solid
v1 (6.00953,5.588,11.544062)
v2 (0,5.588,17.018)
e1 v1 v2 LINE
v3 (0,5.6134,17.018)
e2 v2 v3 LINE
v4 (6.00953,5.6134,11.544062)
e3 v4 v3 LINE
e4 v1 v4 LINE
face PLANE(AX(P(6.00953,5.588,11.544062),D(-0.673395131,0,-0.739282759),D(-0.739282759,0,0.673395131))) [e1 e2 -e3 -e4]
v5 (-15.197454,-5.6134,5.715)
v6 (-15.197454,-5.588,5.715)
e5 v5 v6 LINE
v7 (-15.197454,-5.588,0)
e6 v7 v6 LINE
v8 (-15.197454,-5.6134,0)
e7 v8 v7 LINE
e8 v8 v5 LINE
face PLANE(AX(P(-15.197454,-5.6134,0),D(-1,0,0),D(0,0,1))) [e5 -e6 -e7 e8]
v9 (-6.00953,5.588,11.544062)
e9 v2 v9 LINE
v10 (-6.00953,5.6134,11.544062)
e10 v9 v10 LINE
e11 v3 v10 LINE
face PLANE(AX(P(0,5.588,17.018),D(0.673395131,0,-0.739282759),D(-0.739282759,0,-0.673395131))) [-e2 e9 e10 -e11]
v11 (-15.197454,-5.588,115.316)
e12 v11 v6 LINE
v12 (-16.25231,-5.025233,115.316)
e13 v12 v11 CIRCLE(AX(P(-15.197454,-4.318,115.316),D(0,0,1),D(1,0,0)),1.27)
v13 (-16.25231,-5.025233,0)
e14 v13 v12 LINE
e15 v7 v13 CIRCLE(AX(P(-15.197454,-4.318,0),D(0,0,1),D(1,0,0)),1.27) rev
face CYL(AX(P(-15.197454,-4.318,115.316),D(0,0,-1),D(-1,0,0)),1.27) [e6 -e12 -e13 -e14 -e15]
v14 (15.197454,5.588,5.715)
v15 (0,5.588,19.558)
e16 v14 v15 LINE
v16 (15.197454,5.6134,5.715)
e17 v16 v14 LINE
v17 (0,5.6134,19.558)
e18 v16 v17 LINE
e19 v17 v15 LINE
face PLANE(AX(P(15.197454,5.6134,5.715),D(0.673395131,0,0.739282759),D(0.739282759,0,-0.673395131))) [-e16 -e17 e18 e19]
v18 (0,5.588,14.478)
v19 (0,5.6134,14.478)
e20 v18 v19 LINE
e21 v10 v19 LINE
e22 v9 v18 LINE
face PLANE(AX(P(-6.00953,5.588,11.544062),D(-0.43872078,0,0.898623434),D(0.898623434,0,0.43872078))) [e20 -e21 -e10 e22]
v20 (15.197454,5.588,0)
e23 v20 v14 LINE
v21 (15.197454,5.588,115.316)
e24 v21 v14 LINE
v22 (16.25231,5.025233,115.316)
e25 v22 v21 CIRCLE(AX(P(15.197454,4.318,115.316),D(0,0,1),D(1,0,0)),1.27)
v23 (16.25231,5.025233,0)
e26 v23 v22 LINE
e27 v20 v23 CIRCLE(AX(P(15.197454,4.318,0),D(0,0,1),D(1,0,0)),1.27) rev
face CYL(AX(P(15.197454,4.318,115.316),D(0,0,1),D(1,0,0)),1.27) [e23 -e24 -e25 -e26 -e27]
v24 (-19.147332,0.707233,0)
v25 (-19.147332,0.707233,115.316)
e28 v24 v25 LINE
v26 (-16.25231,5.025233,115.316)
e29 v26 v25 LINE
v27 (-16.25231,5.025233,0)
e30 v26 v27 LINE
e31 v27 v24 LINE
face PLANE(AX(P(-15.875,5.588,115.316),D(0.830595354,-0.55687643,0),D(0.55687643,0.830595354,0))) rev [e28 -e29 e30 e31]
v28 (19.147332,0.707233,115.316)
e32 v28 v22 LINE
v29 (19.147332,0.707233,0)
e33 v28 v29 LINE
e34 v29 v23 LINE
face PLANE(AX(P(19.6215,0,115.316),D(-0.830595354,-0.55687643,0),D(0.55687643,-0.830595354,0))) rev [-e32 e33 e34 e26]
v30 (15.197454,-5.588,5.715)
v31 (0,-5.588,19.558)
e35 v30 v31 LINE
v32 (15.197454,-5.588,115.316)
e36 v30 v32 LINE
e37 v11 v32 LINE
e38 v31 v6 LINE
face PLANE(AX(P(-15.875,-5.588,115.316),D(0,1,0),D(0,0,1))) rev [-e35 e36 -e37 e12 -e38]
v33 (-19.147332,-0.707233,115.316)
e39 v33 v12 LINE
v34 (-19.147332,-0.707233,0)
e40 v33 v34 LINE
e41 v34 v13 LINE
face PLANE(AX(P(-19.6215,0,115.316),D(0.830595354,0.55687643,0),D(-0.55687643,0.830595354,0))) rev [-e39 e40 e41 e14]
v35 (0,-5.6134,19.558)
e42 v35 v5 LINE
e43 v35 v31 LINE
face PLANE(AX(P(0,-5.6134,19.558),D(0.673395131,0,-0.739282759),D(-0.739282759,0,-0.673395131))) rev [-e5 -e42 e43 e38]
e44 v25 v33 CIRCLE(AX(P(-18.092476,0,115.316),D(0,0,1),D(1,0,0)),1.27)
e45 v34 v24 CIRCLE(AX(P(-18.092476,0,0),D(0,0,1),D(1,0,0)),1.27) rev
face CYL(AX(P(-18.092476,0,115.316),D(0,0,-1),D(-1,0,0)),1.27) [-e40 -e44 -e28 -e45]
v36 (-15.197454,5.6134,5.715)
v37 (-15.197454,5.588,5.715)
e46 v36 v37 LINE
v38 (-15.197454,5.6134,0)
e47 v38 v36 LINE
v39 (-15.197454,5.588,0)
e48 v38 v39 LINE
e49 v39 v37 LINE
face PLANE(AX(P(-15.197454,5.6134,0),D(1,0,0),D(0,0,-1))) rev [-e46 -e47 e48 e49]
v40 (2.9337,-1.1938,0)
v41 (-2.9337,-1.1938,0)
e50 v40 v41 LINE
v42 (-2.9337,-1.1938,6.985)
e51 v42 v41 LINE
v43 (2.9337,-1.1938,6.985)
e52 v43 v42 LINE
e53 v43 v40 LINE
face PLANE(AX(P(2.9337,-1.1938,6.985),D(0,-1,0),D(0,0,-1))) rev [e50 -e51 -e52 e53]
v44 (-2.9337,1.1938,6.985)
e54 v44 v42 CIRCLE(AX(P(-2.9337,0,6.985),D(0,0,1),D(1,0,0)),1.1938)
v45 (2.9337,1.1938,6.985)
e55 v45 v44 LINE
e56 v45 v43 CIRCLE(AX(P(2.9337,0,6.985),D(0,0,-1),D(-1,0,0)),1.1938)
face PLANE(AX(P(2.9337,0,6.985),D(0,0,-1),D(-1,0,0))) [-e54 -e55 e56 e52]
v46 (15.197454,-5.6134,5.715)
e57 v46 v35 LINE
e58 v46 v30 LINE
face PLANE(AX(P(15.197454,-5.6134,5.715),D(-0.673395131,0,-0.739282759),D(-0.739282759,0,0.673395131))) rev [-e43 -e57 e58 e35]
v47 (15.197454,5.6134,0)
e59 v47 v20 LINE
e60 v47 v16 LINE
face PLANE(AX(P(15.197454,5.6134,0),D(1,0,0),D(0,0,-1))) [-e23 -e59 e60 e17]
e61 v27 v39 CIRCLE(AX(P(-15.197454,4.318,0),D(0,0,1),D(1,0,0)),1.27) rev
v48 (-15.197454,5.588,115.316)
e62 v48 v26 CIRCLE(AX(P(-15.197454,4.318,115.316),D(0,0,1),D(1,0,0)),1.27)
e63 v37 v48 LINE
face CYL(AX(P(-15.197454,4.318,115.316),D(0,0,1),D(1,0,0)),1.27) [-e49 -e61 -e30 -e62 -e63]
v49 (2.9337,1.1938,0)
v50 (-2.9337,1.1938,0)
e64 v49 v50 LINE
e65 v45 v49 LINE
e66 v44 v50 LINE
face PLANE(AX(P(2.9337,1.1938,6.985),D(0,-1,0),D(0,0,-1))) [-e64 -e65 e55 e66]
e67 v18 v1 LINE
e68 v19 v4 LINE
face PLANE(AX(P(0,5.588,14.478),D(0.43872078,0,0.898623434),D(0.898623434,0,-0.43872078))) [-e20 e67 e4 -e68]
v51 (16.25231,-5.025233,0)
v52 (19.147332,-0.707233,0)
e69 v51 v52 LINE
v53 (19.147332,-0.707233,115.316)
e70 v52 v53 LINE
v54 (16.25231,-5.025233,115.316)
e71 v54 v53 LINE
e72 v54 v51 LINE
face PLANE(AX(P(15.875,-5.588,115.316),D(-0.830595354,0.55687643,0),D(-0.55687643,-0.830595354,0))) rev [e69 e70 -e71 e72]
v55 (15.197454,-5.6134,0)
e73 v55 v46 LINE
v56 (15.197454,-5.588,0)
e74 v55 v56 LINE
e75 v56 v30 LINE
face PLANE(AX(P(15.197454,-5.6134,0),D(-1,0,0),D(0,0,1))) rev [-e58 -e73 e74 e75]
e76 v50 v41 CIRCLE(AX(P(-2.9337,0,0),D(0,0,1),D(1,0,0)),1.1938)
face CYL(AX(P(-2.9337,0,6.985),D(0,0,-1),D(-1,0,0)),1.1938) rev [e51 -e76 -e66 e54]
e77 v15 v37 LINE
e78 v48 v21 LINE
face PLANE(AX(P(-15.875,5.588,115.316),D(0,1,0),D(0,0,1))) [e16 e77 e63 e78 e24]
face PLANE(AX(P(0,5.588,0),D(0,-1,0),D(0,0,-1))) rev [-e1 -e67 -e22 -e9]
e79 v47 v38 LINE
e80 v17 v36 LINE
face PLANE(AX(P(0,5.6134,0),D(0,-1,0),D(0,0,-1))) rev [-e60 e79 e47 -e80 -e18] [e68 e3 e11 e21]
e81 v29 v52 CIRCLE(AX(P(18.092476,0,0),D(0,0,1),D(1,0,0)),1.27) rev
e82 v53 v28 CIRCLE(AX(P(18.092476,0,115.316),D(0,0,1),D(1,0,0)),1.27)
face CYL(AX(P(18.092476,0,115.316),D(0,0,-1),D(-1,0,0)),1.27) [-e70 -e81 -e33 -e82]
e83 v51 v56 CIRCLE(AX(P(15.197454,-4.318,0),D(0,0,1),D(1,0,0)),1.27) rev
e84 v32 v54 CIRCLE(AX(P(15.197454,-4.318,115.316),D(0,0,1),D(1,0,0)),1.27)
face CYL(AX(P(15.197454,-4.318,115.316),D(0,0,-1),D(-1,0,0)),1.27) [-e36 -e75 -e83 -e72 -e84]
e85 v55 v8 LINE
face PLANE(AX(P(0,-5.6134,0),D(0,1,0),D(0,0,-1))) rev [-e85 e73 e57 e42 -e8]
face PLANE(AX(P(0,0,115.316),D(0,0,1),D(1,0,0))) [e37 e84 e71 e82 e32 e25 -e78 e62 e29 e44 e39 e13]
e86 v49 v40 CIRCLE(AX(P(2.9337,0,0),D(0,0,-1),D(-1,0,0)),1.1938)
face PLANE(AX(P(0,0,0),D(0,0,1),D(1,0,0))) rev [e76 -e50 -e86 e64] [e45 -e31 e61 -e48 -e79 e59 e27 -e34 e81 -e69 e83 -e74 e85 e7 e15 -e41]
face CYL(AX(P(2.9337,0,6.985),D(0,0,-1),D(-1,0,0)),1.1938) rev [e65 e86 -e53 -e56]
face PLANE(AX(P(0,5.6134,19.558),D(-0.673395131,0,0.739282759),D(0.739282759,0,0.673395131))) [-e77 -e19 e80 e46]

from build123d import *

# Parameters (mm, degrees)
BOSS_EXTRUDE1_DEPTH = 115.316
SKETCH2_R           = 1.1938
CUT_EXTRUDE1_DEPTH  = 6.985
SKETCH2_4_R         = 1.1938
CUT_EXTRUDE2_DEPTH  = 6.985
SKETCH2_5_W         = 5.8674
SKETCH2_5_H         = 2.3876
CUT_EXTRUDE3_DEPTH  = 6.985
FILLET1_R           = 1.27
BOSS_EXTRUDE2_DEPTH = 0.0254
CUT_EXTRUDE5_DEPTH  = 0.0254


with BuildPart() as part:
    # Sketch1 → Boss-Extrude1 (new body)
    with BuildSketch(Plane.XY):
        Polygon((-15.875, -5.588), (15.875, -5.588), (19.6215, 0), (15.875, 5.588), (-15.875, 5.588), (-19.6215, 0), align=None)
    extrude(amount=BOSS_EXTRUDE1_DEPTH)

    # Sketch2 → Cut-Extrude1 (cut)
    with BuildSketch(Plane(origin=(0, 0, 0), x_dir=(-1, 0, 0), z_dir=(0, 0, -1))):
        with Locations((-2.9337, 0)):
            Circle(SKETCH2_R)
    extrude(amount=-CUT_EXTRUDE1_DEPTH, mode=Mode.SUBTRACT)

    # Sketch2<4> → Cut-Extrude2 (cut)
    with BuildSketch(Plane(origin=(0, 0, 0), x_dir=(-1, 0, 0), z_dir=(0, 0, -1))):
        with Locations((2.9337, 0)):
            Circle(SKETCH2_4_R)
    extrude(amount=-CUT_EXTRUDE2_DEPTH, mode=Mode.SUBTRACT)

    # Sketch2<5> → Cut-Extrude3 (cut)
    with BuildSketch(Plane(origin=(0, 0, 0), x_dir=(-1, 0, 0), z_dir=(0, 0, -1))):
        Rectangle(SKETCH2_5_W, SKETCH2_5_H)
    extrude(amount=-CUT_EXTRUDE3_DEPTH, mode=Mode.SUBTRACT)

    # Fillet1
    fillet1_edges = [part.edges().sort_by_distance(p)[0] for p in [
        (15.875, 5.588, 57.658),
        (19.6215, 0, 57.658),
        (15.875, -5.588, 57.658),
        (-15.875, -5.588, 57.658),
        (-19.6215, 0, 57.658),
        (-15.875, 5.588, 57.658),
    ]]
    fillet(fillet1_edges, radius=FILLET1_R)

    # Sketch4 → Boss-Extrude2 (add)
    with BuildSketch(Plane(origin=(0, 5.588, 0), x_dir=(1, 0, 0), z_dir=(0, 1, 0))):
        Polygon((15.19745355, 0), (-15.19745355, 0), (-15.19745355, -5.715), (0, -19.558), (15.19745355, -5.715), align=None)
    boss_extrude2 = extrude(amount=BOSS_EXTRUDE2_DEPTH)

    # Mirror1: Boss-Extrude2 across plane
    add(boss_extrude2.mirror(Plane.ZX))

    # Sketch6 → Cut-Extrude5 (cut)
    with BuildSketch(Plane(origin=(0, 5.6134, 0), x_dir=(1, 0, 0), z_dir=(0, 1, 0))):
        Polygon((0, -17.018), (-6.009529828, -11.544061808), (0, -14.478), (6.009529828, -11.544061808), align=None)
    extrude(amount=-CUT_EXTRUDE5_DEPTH, mode=Mode.SUBTRACT)


solid = part.part
